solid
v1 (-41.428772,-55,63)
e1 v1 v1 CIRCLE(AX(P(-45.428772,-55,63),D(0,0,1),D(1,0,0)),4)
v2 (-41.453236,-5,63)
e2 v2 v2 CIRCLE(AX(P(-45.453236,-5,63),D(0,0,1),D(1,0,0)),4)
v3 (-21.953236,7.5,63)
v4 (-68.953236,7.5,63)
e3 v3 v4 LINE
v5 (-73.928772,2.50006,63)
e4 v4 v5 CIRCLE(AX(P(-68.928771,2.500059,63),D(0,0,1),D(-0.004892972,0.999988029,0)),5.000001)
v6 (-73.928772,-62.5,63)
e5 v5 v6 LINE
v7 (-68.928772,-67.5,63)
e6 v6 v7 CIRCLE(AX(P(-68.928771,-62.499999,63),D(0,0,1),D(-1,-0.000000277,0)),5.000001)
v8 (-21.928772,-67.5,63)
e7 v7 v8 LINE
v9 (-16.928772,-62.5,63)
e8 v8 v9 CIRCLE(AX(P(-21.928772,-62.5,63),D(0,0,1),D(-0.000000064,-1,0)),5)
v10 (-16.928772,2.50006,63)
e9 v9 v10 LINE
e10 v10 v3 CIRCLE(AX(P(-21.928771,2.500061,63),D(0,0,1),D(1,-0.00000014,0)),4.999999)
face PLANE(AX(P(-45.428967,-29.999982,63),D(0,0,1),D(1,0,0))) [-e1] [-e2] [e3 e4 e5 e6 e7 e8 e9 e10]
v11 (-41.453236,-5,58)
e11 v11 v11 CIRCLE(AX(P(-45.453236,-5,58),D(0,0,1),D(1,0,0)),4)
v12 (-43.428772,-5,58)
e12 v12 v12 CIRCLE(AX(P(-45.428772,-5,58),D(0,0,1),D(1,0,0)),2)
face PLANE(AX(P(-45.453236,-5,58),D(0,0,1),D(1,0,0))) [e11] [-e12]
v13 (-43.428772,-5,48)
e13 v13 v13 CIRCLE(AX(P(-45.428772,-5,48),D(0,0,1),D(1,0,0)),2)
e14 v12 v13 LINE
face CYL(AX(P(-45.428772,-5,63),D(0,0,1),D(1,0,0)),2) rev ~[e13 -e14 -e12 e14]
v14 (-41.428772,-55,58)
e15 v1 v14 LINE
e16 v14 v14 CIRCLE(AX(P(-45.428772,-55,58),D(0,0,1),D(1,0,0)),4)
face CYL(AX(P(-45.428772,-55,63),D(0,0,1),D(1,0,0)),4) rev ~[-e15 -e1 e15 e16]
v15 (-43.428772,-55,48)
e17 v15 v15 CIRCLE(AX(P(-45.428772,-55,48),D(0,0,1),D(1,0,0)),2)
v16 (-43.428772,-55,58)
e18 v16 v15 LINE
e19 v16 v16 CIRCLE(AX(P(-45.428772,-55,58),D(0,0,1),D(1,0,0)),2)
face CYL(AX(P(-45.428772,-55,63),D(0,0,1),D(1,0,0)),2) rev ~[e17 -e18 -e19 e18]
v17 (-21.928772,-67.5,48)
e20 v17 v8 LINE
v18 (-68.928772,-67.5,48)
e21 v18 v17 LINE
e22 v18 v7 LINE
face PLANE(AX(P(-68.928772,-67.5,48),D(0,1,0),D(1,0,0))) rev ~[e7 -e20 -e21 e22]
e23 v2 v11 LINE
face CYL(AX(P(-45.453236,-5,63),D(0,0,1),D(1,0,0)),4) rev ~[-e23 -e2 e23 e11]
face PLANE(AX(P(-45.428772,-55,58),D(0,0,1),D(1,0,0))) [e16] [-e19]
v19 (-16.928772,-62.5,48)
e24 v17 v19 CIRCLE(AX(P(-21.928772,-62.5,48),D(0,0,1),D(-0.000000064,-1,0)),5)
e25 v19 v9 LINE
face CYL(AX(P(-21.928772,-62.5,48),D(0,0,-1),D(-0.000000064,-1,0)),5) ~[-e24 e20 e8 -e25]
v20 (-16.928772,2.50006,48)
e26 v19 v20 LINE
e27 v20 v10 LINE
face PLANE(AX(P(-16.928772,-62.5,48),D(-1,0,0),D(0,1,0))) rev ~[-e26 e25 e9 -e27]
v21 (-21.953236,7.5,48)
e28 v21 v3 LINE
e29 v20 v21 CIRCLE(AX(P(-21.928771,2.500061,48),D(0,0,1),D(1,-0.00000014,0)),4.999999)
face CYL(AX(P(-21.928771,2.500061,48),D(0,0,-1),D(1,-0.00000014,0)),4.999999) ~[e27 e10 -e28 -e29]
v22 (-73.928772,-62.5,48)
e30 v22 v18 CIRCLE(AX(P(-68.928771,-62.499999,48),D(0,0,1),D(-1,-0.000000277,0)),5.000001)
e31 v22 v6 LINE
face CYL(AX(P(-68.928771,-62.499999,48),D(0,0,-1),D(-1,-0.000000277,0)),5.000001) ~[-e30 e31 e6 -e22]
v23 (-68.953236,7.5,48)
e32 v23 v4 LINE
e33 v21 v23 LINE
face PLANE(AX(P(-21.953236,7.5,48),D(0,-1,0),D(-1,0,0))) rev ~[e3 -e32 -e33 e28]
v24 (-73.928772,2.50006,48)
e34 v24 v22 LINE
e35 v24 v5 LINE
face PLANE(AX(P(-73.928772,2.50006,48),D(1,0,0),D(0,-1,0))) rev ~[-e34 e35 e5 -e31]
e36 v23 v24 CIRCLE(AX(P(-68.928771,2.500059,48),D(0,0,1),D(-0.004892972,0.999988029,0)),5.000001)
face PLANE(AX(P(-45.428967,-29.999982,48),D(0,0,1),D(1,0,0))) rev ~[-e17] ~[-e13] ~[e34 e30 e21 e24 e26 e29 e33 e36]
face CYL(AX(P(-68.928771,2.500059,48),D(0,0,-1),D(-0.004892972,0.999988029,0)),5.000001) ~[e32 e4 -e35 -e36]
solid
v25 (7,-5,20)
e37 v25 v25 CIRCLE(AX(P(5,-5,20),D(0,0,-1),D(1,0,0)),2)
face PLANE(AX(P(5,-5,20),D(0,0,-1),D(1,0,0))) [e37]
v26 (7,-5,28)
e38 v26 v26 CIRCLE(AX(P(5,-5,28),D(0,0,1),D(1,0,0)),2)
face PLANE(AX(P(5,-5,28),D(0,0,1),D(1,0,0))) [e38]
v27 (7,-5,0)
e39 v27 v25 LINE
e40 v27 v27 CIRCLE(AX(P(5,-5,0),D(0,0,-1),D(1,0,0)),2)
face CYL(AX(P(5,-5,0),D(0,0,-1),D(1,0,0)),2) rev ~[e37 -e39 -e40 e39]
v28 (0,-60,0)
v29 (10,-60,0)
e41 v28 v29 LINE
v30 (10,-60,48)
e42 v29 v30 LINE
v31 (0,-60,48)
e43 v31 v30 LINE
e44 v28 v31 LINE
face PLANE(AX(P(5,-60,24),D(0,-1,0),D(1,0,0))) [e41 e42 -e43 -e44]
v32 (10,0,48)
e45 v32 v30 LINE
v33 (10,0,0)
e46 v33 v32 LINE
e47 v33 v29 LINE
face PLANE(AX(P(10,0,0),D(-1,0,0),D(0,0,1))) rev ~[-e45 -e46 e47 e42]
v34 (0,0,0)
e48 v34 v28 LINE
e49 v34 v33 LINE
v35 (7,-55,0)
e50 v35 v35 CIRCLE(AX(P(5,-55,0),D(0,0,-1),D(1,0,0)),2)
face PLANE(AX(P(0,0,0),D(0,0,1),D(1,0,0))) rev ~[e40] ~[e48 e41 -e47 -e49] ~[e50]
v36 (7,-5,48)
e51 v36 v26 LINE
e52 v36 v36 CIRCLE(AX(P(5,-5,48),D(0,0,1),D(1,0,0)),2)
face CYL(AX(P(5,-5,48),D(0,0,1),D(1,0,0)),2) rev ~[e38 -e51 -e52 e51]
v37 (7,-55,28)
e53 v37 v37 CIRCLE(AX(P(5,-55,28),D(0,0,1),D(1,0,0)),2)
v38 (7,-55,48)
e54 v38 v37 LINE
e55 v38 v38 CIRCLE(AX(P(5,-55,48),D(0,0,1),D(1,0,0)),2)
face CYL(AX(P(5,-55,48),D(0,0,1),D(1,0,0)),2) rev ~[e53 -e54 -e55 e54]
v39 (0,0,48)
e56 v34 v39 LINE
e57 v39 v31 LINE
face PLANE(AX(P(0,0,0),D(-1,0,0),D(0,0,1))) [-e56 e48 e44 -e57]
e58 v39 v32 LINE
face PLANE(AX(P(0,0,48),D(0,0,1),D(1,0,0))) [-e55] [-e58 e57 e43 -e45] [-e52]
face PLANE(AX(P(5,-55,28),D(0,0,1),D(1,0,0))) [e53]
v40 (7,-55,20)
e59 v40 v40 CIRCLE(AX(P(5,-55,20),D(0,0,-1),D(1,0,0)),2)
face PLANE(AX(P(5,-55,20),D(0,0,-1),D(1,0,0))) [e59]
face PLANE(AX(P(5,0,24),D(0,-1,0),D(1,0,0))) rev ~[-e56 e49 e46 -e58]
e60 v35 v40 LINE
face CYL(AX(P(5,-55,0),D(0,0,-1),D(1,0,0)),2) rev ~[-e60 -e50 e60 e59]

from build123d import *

# Parameters (mm, degrees)
F0_W     = 10
F0_H     = 48
F1_DEPTH = 60
F2_R     = 2
F3_DEPTH = 20
F4_R     = 2
F5_DEPTH = 20
F6_DEPTH = 15
F7_R     = 2
F8_DEPTH = 63.001
F7_R_2   = 4
F9_DEPTH = 5


with BuildPart() as f1:
    # F0 (on Front) → F1 (new body)
    with BuildSketch(Plane.XZ):
        with Locations((5, 24)):
            Rectangle(F0_W, F0_H)
    extrude(amount=F1_DEPTH)

    # F2 (on face) → F3 (cut)
    with BuildSketch(Plane(origin=(0, 0, 0), x_dir=(1, 0, 0), z_dir=(0, 0, -1))):
        with Locations((5, 55)):
            Circle(F2_R)
        with Locations((5, 5)):
            Circle(F2_R)
    extrude(amount=-F3_DEPTH, mode=Mode.SUBTRACT)

    # F4 (on face) → F5 (cut)
    with BuildSketch(Plane.XY.offset(48)):
        with Locations((5, -5)):
            Circle(F4_R)
        with Locations((5, -55)):
            Circle(F4_R)
        with BuildLine():
            ThreePointArc((-73.928772, -62.5), (-72.464305, -66.035534), (-68.928772, -67.5))
            Line((-68.928772, -67.5), (-21.928772, -67.5))
            ThreePointArc((-21.928772, -67.5), (-18.393238, -66.035534), (-16.928772, -62.5))
            Line((-16.928772, -62.5), (-16.928772, -30))
            Line((-16.928772, -30), (-16.928772, 2.50006))
            ThreePointArc((-16.928772, 2.50006), (-18.401898, 6.044233), (-21.953236, 7.5))
            Line((-21.953236, 7.5), (-68.953236, 7.5))
            ThreePointArc((-68.953236, 7.5), (-72.472944, 6.026934), (-73.928772, 2.50006))
            Line((-73.928772, 2.50006), (-73.928772, -62.5))
        make_face()
    extrude(amount=-F5_DEPTH, mode=Mode.SUBTRACT)


with BuildPart() as f6:
    # F4 (on face) → F6 (new body)
    with BuildSketch(Plane.XY.offset(48)):
        with BuildLine():
            ThreePointArc((-73.928772, -62.5), (-72.464305, -66.035534), (-68.928772, -67.5))
            Line((-68.928772, -67.5), (-21.928772, -67.5))
            ThreePointArc((-21.928772, -67.5), (-18.393238, -66.035534), (-16.928772, -62.5))
            Line((-16.928772, -62.5), (-16.928772, -30))
            Line((-16.928772, -30), (-16.928772, 2.50006))
            ThreePointArc((-16.928772, 2.50006), (-18.401898, 6.044233), (-21.953236, 7.5))
            Line((-21.953236, 7.5), (-68.953236, 7.5))
            ThreePointArc((-68.953236, 7.5), (-72.472944, 6.026934), (-73.928772, 2.50006))
            Line((-73.928772, 2.50006), (-73.928772, -62.5))
        make_face()
    extrude(amount=F6_DEPTH)

    # F7 (on face) → F8 (cut, through all)
    with BuildSketch(Plane.XY.offset(63)):
        with Locations((-45.428772, -55)):
            Circle(F7_R)
        with Locations((-45.428772, -5)):
            Circle(F7_R)
    extrude(amount=-F8_DEPTH, mode=Mode.SUBTRACT)

    # F7 (on face) → F9 (cut)
    with BuildSketch(Plane.XY.offset(63)):
        with Locations((-45.453236, -5)):
            Circle(F7_R_2)
        with Locations((-45.428772, -5)):
            Circle(F7_R, mode=Mode.SUBTRACT)
        with Locations((-45.428772, -55)):
            Circle(F7_R_2)
        with Locations((-45.428772, -55)):
            Circle(F7_R, mode=Mode.SUBTRACT)
    extrude(amount=-F9_DEPTH, mode=Mode.SUBTRACT)


solid = Compound([f1.part, f6.part])
